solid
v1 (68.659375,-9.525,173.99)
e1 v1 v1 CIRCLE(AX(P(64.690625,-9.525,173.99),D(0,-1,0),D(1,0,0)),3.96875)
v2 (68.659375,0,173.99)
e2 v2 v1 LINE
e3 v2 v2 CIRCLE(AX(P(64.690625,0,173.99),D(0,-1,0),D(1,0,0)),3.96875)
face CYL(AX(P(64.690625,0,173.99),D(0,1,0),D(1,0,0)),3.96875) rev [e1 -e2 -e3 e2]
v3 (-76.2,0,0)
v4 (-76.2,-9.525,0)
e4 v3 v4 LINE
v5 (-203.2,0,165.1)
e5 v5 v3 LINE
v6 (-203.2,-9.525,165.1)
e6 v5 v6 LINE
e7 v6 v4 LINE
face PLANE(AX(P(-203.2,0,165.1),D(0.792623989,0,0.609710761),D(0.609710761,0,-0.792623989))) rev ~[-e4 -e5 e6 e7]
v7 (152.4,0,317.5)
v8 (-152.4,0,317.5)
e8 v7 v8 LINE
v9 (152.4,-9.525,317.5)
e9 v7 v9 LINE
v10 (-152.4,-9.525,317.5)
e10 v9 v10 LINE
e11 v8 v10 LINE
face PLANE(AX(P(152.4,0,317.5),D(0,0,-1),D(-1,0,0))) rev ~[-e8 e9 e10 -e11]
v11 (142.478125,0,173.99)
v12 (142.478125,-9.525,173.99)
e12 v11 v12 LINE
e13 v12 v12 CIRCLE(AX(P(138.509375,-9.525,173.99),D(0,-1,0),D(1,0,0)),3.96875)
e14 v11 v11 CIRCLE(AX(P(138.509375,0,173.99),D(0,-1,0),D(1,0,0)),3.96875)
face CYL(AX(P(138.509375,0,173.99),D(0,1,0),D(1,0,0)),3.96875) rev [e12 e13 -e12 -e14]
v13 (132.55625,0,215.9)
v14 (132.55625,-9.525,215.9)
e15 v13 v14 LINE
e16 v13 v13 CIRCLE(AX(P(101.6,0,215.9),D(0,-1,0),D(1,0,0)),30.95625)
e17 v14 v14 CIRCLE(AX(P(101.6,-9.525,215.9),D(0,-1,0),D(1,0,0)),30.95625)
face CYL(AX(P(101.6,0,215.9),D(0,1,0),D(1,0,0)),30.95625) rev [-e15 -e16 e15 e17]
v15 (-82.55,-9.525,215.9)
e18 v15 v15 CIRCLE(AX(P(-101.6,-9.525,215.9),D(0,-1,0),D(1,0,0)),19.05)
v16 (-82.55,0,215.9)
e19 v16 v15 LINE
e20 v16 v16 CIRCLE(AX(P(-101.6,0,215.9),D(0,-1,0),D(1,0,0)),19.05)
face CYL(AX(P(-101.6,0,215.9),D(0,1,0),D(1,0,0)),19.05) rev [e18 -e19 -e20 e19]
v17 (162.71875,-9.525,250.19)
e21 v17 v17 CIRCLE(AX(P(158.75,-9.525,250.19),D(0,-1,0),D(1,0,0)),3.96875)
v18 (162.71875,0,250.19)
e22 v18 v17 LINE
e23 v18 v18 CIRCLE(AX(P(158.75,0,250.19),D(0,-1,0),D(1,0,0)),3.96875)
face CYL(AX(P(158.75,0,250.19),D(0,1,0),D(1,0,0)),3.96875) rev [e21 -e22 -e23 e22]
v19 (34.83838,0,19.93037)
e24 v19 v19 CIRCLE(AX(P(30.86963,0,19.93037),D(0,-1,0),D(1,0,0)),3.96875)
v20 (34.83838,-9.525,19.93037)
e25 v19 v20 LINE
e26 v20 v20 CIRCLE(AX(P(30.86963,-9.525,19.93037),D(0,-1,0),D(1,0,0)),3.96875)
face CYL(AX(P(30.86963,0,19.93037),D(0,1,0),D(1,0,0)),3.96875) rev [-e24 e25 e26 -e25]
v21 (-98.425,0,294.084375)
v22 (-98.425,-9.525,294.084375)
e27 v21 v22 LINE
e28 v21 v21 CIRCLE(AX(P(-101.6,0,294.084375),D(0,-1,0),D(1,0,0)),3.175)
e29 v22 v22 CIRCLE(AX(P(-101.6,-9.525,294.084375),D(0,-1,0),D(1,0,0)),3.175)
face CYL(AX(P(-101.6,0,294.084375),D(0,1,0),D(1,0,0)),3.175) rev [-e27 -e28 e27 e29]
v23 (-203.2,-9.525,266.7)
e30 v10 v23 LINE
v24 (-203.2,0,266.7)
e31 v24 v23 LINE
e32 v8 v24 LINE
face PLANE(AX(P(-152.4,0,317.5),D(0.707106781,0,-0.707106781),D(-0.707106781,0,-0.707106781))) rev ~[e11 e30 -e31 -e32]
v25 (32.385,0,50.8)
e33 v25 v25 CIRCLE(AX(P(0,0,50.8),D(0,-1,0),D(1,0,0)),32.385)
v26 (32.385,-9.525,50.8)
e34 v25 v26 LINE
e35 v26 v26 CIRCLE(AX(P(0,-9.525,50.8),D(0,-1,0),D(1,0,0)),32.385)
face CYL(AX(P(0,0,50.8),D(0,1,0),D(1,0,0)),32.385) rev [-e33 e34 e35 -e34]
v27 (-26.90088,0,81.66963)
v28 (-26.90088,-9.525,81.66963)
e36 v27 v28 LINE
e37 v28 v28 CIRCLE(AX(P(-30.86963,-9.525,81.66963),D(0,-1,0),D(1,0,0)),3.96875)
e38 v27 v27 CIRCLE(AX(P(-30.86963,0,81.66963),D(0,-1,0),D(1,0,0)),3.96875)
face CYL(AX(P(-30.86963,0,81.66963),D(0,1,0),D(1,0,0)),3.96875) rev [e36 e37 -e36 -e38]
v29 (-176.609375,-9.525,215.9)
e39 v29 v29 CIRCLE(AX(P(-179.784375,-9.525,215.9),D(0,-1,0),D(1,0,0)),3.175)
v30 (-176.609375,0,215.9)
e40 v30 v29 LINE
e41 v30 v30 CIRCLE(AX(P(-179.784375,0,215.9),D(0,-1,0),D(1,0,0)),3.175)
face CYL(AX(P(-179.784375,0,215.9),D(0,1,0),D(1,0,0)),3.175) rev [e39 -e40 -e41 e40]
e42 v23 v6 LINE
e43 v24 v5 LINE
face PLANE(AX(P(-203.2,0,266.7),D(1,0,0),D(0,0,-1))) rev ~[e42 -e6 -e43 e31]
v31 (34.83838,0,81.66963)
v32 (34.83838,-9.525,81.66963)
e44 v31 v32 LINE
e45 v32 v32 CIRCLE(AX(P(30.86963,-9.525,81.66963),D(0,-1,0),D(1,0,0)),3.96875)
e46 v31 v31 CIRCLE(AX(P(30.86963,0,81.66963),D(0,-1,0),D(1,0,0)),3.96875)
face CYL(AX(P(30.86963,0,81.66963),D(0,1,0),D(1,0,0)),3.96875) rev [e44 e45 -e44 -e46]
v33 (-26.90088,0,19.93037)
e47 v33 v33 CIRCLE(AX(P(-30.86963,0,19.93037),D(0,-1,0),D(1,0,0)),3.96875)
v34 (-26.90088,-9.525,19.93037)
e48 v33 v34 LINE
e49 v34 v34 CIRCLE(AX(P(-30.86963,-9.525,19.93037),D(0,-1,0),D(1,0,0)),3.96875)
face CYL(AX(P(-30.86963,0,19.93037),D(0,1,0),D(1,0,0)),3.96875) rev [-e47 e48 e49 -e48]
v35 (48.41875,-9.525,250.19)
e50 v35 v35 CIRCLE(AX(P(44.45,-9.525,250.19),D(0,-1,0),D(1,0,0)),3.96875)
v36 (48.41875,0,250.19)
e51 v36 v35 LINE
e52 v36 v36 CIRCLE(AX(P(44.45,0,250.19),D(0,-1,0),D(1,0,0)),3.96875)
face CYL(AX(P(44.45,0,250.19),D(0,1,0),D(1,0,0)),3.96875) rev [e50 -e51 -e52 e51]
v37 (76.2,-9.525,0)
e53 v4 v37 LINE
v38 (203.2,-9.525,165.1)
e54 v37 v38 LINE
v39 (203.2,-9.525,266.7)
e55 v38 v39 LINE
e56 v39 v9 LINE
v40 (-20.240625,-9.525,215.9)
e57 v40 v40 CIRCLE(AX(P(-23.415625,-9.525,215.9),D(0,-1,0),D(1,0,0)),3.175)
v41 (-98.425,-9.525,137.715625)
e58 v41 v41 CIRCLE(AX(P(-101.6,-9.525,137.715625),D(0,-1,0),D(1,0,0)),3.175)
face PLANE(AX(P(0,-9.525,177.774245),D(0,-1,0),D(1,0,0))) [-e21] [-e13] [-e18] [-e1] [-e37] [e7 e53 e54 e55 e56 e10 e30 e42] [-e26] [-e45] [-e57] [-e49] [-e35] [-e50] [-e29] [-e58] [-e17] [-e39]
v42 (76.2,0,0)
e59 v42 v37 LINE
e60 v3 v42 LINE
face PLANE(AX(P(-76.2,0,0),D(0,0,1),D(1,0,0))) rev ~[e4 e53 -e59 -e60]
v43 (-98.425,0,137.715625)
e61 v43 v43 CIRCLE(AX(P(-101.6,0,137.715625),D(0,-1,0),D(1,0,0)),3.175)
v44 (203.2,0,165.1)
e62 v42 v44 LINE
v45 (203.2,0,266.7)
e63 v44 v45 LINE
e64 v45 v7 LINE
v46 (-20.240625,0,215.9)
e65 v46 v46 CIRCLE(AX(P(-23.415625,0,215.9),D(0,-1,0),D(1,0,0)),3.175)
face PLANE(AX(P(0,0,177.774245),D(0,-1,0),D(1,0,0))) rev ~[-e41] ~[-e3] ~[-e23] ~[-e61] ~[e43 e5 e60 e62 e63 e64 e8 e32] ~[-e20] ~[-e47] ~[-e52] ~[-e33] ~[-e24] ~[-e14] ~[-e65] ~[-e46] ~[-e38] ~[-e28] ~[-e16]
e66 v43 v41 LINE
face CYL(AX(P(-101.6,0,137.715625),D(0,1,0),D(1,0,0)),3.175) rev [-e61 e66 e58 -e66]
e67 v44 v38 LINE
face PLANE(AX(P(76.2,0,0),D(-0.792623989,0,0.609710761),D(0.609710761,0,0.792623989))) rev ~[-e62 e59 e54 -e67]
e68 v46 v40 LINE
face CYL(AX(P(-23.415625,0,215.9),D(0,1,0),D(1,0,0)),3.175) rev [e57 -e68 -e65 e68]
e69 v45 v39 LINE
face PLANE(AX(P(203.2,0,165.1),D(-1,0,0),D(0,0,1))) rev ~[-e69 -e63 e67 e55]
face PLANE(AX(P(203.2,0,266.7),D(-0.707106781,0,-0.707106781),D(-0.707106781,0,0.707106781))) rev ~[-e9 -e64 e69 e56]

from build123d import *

# Parameters (mm, degrees)
F0_R     = 3.96875
F0_R_2   = 3.175
F0_R_3   = 32.385
F0_R_4   = 19.05
F0_R_5   = 30.95625
F1_DEPTH = 9.525


with BuildPart() as f1:
    # F0 (on Front) → F1 (new body)
    with BuildSketch(Plane.XZ):
        Polygon((-76.2, 0), (0, 0), (76.2, 0), (203.2, 165.1), (203.2, 266.7), (152.4, 317.5), (0, 317.5), (-152.4, 317.5), (-203.2, 266.7), (-203.2, 165.1), align=None)
        with Locations((-30.86963, 19.93037)):
            Circle(F0_R, mode=Mode.SUBTRACT)
        with Locations((-30.86963, 81.66963)):
            Circle(F0_R, mode=Mode.SUBTRACT)
        with Locations((-101.6, 137.715625)):
            Circle(F0_R_2, mode=Mode.SUBTRACT)
        with Locations((30.86963, 19.93037)):
            Circle(F0_R, mode=Mode.SUBTRACT)
        with Locations((0, 50.8)):
            Circle(F0_R_3, mode=Mode.SUBTRACT)
        with Locations((30.86963, 81.66963)):
            Circle(F0_R, mode=Mode.SUBTRACT)
        with Locations((-179.784375, 215.9)):
            Circle(F0_R_2, mode=Mode.SUBTRACT)
        with Locations((-101.6, 215.9)):
            Circle(F0_R_4, mode=Mode.SUBTRACT)
        with Locations((-23.415625, 215.9)):
            Circle(F0_R_2, mode=Mode.SUBTRACT)
        with Locations((-101.6, 294.084375)):
            Circle(F0_R_2, mode=Mode.SUBTRACT)
        with Locations((64.690625, 173.99)):
            Circle(F0_R, mode=Mode.SUBTRACT)
        with Locations((138.509375, 173.99)):
            Circle(F0_R, mode=Mode.SUBTRACT)
        with Locations((101.6, 215.9)):
            Circle(F0_R_5, mode=Mode.SUBTRACT)
        with Locations((44.45, 250.19)):
            Circle(F0_R, mode=Mode.SUBTRACT)
        with Locations((158.75, 250.19)):
            Circle(F0_R, mode=Mode.SUBTRACT)
    extrude(amount=F1_DEPTH)


solid = f1.part
